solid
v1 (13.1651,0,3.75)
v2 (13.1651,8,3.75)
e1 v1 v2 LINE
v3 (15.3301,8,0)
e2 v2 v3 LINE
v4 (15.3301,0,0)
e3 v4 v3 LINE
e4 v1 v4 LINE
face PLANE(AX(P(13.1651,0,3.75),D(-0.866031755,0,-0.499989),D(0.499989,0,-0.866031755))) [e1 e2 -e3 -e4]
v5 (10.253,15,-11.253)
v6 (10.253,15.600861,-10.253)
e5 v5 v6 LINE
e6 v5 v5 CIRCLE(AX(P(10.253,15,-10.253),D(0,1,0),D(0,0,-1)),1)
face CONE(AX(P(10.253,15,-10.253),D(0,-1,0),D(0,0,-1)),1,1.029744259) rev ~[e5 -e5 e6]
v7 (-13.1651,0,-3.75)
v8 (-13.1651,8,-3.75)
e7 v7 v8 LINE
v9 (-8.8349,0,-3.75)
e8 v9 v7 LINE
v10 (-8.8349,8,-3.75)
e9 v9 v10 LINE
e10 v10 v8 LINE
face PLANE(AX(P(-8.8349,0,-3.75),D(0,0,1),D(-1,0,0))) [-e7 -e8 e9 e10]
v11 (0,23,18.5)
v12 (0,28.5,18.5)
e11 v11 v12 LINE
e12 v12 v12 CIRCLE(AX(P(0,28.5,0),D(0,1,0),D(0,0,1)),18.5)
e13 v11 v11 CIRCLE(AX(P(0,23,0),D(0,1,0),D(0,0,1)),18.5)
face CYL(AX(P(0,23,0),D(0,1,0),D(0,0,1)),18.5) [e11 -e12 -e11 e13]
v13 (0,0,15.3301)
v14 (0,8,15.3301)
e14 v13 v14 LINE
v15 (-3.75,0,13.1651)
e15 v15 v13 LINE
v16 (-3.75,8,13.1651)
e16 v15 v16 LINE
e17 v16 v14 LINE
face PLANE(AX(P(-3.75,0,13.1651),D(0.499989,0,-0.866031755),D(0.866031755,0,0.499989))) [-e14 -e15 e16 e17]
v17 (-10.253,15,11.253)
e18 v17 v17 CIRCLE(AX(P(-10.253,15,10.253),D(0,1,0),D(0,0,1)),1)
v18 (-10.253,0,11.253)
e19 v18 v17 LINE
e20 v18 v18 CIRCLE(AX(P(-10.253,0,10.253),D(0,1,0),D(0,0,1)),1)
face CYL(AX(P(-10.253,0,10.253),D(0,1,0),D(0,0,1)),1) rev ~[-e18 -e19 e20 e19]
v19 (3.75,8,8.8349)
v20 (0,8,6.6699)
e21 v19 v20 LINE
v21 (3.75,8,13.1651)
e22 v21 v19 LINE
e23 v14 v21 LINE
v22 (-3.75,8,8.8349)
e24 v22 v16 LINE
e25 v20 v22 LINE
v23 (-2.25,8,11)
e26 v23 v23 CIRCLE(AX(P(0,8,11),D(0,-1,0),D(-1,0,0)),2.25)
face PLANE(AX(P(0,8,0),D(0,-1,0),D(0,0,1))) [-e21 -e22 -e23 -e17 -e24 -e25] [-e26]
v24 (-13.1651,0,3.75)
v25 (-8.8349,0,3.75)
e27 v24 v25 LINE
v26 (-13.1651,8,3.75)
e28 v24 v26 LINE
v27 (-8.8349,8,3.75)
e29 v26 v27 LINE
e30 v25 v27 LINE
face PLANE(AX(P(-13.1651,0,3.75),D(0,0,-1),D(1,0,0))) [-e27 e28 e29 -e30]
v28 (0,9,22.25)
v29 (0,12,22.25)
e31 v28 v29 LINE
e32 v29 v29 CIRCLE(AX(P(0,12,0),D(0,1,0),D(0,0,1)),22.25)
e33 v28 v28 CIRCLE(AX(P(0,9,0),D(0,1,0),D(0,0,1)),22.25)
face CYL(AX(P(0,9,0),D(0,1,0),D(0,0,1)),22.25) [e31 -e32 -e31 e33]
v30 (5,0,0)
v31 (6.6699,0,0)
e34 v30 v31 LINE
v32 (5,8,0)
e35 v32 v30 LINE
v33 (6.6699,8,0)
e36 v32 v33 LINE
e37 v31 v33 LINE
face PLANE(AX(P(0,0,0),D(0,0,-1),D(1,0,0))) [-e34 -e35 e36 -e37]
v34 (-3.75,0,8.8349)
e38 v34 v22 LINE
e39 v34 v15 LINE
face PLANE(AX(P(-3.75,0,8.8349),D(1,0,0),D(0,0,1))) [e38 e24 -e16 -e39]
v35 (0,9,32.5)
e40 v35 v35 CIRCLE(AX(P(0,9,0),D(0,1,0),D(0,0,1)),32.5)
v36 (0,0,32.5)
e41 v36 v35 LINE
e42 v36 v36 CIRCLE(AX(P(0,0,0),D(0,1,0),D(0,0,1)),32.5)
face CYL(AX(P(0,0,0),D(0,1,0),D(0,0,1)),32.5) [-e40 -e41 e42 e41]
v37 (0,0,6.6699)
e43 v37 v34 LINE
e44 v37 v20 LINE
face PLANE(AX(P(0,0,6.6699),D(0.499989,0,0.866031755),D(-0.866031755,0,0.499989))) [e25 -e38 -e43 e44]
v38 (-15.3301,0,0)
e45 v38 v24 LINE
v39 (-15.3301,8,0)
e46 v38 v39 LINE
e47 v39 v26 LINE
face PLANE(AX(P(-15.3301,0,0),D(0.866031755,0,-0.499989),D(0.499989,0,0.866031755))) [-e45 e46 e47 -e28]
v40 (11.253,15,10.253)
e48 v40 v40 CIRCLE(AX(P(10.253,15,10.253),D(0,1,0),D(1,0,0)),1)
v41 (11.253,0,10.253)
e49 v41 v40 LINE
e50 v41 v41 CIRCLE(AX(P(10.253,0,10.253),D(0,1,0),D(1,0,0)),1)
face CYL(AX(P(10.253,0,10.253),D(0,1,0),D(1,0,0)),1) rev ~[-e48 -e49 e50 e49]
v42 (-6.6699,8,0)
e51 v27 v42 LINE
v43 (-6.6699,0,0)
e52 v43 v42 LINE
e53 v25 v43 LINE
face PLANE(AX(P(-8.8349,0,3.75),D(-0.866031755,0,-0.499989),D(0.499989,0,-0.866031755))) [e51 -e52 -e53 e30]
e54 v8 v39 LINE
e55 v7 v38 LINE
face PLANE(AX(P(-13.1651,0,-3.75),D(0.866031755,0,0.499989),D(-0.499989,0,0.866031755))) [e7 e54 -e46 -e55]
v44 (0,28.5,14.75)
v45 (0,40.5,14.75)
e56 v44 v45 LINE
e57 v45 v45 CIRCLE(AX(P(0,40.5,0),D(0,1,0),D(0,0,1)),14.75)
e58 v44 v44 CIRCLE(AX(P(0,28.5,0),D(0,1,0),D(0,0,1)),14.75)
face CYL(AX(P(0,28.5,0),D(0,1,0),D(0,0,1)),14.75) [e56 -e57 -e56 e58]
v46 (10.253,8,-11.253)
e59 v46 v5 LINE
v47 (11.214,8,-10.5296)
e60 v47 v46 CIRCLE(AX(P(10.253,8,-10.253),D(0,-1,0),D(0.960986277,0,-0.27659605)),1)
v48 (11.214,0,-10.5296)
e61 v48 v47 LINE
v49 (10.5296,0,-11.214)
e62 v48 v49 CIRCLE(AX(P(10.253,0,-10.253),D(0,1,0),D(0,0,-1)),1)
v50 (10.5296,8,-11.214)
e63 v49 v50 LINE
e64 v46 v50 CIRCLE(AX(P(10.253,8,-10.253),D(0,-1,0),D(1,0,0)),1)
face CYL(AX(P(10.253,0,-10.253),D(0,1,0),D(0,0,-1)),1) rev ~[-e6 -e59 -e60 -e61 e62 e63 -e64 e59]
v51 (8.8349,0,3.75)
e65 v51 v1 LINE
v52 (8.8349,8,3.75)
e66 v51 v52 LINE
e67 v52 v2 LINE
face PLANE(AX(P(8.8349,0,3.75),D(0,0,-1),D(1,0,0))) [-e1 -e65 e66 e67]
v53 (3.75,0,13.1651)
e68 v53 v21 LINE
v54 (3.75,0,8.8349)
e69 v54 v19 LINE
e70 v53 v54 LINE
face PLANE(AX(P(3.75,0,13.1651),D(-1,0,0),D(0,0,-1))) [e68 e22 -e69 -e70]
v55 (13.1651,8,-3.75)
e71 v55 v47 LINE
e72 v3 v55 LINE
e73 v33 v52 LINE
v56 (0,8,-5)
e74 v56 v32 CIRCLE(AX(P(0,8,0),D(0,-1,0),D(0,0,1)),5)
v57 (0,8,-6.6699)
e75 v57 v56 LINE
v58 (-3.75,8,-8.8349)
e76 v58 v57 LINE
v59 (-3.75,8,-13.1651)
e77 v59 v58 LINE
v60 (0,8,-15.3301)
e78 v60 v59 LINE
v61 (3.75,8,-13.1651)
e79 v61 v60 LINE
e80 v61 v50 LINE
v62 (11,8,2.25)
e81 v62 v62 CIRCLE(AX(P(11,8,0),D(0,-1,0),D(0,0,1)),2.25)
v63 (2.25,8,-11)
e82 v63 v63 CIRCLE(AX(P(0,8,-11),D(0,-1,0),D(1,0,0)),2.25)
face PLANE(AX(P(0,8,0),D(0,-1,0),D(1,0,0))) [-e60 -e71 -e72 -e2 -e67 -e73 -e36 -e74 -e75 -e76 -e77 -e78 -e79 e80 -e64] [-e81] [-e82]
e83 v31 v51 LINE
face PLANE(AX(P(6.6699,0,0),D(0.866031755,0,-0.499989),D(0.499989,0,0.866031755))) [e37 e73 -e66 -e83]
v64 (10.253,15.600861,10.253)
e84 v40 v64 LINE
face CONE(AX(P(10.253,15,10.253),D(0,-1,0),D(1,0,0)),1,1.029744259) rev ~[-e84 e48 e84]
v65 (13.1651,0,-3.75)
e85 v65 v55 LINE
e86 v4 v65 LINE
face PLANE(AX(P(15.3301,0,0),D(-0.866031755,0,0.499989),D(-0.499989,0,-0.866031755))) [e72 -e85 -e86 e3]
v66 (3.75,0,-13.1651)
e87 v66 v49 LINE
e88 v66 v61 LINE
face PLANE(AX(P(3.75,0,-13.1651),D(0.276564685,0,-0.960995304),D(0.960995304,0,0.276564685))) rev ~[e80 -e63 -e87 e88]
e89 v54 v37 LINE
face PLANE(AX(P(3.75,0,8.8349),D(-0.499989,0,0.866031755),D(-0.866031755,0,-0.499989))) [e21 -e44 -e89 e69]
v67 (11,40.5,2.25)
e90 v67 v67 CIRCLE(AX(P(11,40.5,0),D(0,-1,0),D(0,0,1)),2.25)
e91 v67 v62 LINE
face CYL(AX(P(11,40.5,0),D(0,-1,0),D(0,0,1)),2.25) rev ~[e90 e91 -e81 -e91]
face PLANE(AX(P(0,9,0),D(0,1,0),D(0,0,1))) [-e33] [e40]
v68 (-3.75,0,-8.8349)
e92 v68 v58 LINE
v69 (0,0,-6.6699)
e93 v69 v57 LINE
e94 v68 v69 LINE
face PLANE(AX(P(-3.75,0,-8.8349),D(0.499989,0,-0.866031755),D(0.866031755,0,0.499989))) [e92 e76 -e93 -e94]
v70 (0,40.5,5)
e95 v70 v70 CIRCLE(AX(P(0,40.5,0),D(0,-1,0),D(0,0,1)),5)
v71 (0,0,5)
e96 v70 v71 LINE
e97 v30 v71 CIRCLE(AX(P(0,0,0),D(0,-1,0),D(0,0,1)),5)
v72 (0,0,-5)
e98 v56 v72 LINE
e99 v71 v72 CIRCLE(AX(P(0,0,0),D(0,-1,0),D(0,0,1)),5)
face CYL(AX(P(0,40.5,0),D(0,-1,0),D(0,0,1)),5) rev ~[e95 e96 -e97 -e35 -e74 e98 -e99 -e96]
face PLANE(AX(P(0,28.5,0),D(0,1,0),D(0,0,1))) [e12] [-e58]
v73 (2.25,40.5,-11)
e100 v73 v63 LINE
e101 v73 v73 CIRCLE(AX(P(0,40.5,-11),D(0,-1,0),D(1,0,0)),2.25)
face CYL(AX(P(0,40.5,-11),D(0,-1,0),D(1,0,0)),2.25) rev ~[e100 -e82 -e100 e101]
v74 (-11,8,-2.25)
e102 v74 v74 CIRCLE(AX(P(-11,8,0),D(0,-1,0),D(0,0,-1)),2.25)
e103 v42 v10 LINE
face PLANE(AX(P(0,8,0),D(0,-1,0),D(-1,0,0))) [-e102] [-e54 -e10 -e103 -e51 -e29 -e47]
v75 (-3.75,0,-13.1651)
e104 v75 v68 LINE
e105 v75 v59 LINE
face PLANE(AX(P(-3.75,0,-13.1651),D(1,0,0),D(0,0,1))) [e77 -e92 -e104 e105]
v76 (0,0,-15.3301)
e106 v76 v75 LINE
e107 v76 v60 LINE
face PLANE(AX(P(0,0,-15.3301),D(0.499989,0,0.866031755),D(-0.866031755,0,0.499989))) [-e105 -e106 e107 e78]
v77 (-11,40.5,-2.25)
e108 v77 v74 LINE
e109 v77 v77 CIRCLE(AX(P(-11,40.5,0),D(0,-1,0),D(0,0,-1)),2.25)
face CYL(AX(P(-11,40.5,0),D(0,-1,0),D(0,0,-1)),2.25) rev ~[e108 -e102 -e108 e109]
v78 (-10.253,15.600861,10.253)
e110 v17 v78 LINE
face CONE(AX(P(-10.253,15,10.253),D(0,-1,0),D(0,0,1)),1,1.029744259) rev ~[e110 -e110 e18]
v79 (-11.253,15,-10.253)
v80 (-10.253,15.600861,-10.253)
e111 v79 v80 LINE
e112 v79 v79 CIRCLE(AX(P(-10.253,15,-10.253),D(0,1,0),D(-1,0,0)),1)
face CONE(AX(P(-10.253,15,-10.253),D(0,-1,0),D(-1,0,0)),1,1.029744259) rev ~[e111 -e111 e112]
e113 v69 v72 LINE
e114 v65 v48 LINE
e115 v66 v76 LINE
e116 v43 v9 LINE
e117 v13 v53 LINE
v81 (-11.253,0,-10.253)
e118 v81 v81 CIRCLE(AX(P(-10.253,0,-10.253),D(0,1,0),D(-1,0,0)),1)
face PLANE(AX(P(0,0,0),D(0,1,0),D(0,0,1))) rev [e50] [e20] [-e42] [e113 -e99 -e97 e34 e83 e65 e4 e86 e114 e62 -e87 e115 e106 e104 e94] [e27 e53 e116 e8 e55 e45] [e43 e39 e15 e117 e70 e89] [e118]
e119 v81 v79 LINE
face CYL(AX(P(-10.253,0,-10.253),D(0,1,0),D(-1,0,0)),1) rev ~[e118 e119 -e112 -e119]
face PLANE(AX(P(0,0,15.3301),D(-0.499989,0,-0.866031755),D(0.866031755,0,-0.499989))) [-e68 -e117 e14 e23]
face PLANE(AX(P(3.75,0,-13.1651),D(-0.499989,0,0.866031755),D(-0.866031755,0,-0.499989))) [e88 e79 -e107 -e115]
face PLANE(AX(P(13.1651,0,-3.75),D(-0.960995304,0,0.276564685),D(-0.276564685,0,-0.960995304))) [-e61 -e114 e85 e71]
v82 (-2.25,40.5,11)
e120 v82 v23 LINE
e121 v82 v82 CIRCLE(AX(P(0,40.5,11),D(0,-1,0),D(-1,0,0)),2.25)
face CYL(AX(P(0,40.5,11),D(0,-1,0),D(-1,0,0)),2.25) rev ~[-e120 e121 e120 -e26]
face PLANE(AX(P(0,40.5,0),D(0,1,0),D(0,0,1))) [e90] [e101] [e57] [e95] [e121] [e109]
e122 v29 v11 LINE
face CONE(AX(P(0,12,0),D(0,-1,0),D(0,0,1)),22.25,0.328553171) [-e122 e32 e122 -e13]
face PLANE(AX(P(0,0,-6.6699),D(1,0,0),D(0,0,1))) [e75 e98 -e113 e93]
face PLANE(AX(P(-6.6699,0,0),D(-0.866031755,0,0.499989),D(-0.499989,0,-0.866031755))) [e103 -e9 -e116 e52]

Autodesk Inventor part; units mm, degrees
ref_plane "YZ Plane" through (0, 0, 0) normal (1, 0, 0) x (0, 1, 0)
ref_plane "XZ Plane" through (0, 0, 0) normal (0, 1, 0) x (-1, 0, 0)
ref_plane "XY Plane" through (0, 0, 0) normal (0, 0, 1) x (1, 0, 0)
sketch "Sketch1" plane through (0, 0, 0) normal (1, 0, 0) x (0, 1, 0)
  line L0 (0, 0) -> (0, 32.5)
  line L1 (0, 0) -> (40.5, 0)
  line L2 (23, 18.5) -> (28.5, 18.5)
  line L3 (28.5, 18.5) -> (28.5, 14.75)
  line L4 (28.5, 14.75) -> (40.5, 14.75)
  line L5 (40.5, 14.75) -> (40.5, 0)
  line L6 (0, 32.5) -> (9, 32.5)
  line L7 (9, 32.5) -> (9, 22.25)
  line L8 (9, 22.25) -> (12, 22.25)
  line L9 (12, 22.25) -> (23, 18.5)
  dimension "d0" = 32.5
  dimension "d1" = 12
  dimension "d2" = 14.75
  dimension "d4" = 18.5
  dimension "d5" = 5.5
  dimension "d6" = 14
  dimension "d7" = 3
  dimension "d8" = 9
  dimension "d9" = 22.25
revolve "Revolution1" add sketch "Sketch1" angle 360 about axis through (0, 0, 0) along (0, 1, 0)
sketch "Sketch2" plane through (0, 40.5, 0) normal (0, 1, 0) x (1, 0, 0)
  circle A0 centre (0, 0) radius 14.75 projected
  line L0 (0, 0) -> (11, 0) construction
  dimension "d11" = 11
hole "Hole1" at (11, 40.5, 0) direction (0, -1, 0) diameter 4.5 end through all
hole "Hole2" at (0, 40.5, 0) direction (0, -1, 0) diameter 10 end through all
sketch "Sketch3" plane through (0, 0, 0) normal (0, -1, 0) x (1, 0, 0)
  line L0 (15.3301, 0) -> (13.1651, -3.75)
  line L1 (13.1651, -3.75) -> (8.8349, -3.75)
  line L2 (8.8349, -3.75) -> (6.6699, 0)
  line L3 (6.6699, 0) -> (8.8349, 3.75)
  line L4 (8.8349, 3.75) -> (13.1651, 3.75)
  line L5 (13.1651, 3.75) -> (15.3301, 0)
  circle A0 centre (11, 0) radius 2.25 projected
  circle A1 centre (0, 0) radius 32.5 projected
  line L6 (11, 0) -> (0, 0) construction
  line L7 (0, 0) -> (10.253, -10.253) construction
  point P0 (11, 0)
  dimension "d31" = 7.5
  dimension "d37" = 14.5
  dimension "d38" = 45
extrude "Extrusion1" cut sketch "Sketch3" against normal blind 8 contours L0 L1 L2 L3 L4 L5 | A0
hole "Hole3" at (10.253, 0, -10.253) direction (0, 1, 0) diameter 2 depth 15 tip angle 118
pattern_circular "Circular Pattern2" count 4 over 360 about axis through (0, -10, 0) along (0, 1, 0) of "Extrusion1", "Hole1", "Hole3"
sketch "Sketch4" plane through (0, 0, 0) normal (0, -1, 0) x (1, 0, 0)
  line L0 (0, -6.6699) -> (3.75, -8.8349) projected
  line L1 (3.75, -8.8349) -> (3.75, -13.1651) projected
  circle A0 centre (10.253, -10.253) radius 1 projected
  line L2 (13.1651, -3.75) -> (8.8349, -3.75) projected
  line L3 (8.8349, -3.75) -> (6.6699, 0) projected
  line L4 (8.8349, 3.75) -> (13.1651, 3.75) projected
  circle A1 centre (0, 0) radius 32.5 projected
  line L5 (0, -6.6699) -> (0, 0)
  line L6 (0, 0) -> (6.6699, 0)
  line L7 (3.75, -13.1651) -> (10.5296, -11.214)
  line L8 (13.1651, -3.75) -> (11.214, -10.5296)
extrude "Extrusion2" cut sketch "Sketch4" against normal up to surface (8 mm away) contours L5 L6 L3 L2 L8 A0 L7 L1 L0
properties part number "stand_coupler1" material "ABS Plastic"
